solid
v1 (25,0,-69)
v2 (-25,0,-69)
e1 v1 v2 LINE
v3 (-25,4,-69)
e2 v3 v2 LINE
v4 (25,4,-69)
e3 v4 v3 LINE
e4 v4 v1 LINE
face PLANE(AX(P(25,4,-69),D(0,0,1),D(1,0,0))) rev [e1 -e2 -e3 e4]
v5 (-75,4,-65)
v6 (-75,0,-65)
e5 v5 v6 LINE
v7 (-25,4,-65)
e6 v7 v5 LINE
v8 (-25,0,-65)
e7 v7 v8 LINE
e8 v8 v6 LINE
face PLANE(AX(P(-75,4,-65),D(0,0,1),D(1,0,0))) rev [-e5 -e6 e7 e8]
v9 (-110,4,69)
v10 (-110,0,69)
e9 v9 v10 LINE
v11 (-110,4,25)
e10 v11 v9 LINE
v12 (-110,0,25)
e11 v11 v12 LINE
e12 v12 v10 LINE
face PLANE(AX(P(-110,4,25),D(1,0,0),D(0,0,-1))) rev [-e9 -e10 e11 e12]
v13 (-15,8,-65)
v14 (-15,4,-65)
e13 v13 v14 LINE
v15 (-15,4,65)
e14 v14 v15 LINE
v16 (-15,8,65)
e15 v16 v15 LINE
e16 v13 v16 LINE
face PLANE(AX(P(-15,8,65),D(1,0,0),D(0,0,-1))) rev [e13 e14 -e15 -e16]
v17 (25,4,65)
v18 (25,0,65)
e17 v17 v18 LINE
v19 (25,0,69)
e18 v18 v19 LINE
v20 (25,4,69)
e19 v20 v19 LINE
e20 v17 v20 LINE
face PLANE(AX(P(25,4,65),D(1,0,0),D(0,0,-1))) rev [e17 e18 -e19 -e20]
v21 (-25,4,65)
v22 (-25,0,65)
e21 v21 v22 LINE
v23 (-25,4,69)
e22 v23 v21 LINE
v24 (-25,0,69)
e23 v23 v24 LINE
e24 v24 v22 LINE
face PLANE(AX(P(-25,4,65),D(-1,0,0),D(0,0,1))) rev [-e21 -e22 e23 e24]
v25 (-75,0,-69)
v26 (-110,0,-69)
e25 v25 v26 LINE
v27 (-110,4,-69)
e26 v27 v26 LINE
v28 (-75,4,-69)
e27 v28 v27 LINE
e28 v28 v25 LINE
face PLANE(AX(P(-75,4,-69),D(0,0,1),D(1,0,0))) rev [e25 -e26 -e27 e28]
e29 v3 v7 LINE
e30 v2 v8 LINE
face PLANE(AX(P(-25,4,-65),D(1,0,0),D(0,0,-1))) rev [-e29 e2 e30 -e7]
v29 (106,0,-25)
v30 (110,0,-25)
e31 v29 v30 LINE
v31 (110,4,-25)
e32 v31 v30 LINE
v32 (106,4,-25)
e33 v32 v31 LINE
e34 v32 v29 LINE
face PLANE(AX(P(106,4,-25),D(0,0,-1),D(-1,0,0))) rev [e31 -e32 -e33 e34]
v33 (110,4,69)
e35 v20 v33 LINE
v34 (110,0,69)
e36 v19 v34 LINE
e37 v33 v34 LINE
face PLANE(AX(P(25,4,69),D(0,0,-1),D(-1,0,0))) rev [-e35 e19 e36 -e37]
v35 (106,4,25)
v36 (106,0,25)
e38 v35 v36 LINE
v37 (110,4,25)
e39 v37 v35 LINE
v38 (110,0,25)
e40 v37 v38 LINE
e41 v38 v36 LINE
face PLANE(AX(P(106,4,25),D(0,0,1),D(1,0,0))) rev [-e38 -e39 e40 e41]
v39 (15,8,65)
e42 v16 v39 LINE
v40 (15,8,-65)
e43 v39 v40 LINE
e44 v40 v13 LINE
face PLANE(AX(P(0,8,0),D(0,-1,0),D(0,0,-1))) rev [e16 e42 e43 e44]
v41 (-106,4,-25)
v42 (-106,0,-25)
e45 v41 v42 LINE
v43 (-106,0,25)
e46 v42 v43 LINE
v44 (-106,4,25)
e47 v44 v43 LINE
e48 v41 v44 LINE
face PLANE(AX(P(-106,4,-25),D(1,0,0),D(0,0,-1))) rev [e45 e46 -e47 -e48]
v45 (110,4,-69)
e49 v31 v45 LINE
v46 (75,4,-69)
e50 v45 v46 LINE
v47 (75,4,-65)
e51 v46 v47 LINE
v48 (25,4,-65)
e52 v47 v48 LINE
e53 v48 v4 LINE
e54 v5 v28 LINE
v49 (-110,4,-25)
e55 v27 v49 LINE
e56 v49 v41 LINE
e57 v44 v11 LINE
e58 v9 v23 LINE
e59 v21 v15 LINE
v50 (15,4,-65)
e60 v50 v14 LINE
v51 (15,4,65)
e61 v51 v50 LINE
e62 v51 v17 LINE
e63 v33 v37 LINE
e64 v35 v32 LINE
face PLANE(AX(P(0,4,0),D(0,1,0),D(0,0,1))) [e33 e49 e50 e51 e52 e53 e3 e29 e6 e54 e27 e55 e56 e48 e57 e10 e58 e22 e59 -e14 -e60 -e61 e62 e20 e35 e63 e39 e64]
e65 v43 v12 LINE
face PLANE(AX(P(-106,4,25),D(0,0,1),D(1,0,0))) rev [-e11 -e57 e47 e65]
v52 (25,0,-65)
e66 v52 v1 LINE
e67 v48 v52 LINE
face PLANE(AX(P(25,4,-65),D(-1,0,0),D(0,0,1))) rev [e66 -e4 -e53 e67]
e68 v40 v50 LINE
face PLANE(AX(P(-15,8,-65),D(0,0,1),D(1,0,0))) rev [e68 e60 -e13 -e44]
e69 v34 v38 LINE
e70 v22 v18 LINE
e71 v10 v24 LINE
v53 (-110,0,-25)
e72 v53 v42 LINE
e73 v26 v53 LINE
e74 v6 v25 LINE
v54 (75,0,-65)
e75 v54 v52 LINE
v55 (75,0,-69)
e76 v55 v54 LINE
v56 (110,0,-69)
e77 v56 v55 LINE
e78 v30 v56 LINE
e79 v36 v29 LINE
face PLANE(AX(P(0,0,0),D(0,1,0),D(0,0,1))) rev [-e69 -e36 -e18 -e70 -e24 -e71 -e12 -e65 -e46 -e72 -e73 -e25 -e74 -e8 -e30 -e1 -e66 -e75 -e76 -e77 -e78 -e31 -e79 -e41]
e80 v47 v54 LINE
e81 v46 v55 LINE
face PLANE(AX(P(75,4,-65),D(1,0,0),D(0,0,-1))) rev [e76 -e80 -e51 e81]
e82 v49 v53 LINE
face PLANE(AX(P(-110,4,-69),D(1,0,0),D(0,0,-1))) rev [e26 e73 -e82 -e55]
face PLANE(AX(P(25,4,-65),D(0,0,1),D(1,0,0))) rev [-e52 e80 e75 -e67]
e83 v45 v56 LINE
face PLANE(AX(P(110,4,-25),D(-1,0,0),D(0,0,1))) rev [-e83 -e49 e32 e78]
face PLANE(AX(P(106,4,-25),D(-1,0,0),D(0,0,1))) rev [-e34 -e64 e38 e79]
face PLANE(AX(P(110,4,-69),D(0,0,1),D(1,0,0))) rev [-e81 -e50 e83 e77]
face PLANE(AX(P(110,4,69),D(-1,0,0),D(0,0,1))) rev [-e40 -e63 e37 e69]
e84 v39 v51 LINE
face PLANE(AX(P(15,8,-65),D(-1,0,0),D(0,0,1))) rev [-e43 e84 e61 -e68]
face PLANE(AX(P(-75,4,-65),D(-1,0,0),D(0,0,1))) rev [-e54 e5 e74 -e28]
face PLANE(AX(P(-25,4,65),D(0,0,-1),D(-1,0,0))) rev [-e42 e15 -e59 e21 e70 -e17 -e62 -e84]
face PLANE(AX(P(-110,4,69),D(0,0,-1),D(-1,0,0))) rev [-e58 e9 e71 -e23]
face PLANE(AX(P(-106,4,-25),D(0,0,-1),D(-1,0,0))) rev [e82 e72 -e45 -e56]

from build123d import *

# Parameters (mm, degrees)
BOSS_EXTRUDE1_DEPTH = 4
SKETCH3_W           = 30
SKETCH3_H           = 130
BOSS_EXTRUDE2_DEPTH = 4


with BuildPart() as part:
    # Sketch2 → Boss-Extrude1 (new body)
    with BuildSketch(Plane(origin=(0, 0, 0), x_dir=(1, 0, 0), z_dir=(0, 1, 0))):
        Polygon((-110, 69), (-110, 25), (-106, 25), (-106, -25), (-110, -25), (-110, -69), (-25, -69), (-25, -65), (25, -65), (25, -69), (110, -69), (110, -25), (106, -25), (106, 25), (110, 25), (110, 69), (75, 69), (75, 65), (25, 65), (25, 69), (-25, 69), (-25, 65), (-75, 65), (-75, 69), align=None)
    extrude(amount=BOSS_EXTRUDE1_DEPTH)

    # Sketch3 → Boss-Extrude2 (add)
    with BuildSketch(Plane(origin=(0, 4, 0), x_dir=(1, 0, 0), z_dir=(0, 1, 0))):
        Rectangle(SKETCH3_W, SKETCH3_H)
    extrude(amount=BOSS_EXTRUDE2_DEPTH)


solid = part.part
